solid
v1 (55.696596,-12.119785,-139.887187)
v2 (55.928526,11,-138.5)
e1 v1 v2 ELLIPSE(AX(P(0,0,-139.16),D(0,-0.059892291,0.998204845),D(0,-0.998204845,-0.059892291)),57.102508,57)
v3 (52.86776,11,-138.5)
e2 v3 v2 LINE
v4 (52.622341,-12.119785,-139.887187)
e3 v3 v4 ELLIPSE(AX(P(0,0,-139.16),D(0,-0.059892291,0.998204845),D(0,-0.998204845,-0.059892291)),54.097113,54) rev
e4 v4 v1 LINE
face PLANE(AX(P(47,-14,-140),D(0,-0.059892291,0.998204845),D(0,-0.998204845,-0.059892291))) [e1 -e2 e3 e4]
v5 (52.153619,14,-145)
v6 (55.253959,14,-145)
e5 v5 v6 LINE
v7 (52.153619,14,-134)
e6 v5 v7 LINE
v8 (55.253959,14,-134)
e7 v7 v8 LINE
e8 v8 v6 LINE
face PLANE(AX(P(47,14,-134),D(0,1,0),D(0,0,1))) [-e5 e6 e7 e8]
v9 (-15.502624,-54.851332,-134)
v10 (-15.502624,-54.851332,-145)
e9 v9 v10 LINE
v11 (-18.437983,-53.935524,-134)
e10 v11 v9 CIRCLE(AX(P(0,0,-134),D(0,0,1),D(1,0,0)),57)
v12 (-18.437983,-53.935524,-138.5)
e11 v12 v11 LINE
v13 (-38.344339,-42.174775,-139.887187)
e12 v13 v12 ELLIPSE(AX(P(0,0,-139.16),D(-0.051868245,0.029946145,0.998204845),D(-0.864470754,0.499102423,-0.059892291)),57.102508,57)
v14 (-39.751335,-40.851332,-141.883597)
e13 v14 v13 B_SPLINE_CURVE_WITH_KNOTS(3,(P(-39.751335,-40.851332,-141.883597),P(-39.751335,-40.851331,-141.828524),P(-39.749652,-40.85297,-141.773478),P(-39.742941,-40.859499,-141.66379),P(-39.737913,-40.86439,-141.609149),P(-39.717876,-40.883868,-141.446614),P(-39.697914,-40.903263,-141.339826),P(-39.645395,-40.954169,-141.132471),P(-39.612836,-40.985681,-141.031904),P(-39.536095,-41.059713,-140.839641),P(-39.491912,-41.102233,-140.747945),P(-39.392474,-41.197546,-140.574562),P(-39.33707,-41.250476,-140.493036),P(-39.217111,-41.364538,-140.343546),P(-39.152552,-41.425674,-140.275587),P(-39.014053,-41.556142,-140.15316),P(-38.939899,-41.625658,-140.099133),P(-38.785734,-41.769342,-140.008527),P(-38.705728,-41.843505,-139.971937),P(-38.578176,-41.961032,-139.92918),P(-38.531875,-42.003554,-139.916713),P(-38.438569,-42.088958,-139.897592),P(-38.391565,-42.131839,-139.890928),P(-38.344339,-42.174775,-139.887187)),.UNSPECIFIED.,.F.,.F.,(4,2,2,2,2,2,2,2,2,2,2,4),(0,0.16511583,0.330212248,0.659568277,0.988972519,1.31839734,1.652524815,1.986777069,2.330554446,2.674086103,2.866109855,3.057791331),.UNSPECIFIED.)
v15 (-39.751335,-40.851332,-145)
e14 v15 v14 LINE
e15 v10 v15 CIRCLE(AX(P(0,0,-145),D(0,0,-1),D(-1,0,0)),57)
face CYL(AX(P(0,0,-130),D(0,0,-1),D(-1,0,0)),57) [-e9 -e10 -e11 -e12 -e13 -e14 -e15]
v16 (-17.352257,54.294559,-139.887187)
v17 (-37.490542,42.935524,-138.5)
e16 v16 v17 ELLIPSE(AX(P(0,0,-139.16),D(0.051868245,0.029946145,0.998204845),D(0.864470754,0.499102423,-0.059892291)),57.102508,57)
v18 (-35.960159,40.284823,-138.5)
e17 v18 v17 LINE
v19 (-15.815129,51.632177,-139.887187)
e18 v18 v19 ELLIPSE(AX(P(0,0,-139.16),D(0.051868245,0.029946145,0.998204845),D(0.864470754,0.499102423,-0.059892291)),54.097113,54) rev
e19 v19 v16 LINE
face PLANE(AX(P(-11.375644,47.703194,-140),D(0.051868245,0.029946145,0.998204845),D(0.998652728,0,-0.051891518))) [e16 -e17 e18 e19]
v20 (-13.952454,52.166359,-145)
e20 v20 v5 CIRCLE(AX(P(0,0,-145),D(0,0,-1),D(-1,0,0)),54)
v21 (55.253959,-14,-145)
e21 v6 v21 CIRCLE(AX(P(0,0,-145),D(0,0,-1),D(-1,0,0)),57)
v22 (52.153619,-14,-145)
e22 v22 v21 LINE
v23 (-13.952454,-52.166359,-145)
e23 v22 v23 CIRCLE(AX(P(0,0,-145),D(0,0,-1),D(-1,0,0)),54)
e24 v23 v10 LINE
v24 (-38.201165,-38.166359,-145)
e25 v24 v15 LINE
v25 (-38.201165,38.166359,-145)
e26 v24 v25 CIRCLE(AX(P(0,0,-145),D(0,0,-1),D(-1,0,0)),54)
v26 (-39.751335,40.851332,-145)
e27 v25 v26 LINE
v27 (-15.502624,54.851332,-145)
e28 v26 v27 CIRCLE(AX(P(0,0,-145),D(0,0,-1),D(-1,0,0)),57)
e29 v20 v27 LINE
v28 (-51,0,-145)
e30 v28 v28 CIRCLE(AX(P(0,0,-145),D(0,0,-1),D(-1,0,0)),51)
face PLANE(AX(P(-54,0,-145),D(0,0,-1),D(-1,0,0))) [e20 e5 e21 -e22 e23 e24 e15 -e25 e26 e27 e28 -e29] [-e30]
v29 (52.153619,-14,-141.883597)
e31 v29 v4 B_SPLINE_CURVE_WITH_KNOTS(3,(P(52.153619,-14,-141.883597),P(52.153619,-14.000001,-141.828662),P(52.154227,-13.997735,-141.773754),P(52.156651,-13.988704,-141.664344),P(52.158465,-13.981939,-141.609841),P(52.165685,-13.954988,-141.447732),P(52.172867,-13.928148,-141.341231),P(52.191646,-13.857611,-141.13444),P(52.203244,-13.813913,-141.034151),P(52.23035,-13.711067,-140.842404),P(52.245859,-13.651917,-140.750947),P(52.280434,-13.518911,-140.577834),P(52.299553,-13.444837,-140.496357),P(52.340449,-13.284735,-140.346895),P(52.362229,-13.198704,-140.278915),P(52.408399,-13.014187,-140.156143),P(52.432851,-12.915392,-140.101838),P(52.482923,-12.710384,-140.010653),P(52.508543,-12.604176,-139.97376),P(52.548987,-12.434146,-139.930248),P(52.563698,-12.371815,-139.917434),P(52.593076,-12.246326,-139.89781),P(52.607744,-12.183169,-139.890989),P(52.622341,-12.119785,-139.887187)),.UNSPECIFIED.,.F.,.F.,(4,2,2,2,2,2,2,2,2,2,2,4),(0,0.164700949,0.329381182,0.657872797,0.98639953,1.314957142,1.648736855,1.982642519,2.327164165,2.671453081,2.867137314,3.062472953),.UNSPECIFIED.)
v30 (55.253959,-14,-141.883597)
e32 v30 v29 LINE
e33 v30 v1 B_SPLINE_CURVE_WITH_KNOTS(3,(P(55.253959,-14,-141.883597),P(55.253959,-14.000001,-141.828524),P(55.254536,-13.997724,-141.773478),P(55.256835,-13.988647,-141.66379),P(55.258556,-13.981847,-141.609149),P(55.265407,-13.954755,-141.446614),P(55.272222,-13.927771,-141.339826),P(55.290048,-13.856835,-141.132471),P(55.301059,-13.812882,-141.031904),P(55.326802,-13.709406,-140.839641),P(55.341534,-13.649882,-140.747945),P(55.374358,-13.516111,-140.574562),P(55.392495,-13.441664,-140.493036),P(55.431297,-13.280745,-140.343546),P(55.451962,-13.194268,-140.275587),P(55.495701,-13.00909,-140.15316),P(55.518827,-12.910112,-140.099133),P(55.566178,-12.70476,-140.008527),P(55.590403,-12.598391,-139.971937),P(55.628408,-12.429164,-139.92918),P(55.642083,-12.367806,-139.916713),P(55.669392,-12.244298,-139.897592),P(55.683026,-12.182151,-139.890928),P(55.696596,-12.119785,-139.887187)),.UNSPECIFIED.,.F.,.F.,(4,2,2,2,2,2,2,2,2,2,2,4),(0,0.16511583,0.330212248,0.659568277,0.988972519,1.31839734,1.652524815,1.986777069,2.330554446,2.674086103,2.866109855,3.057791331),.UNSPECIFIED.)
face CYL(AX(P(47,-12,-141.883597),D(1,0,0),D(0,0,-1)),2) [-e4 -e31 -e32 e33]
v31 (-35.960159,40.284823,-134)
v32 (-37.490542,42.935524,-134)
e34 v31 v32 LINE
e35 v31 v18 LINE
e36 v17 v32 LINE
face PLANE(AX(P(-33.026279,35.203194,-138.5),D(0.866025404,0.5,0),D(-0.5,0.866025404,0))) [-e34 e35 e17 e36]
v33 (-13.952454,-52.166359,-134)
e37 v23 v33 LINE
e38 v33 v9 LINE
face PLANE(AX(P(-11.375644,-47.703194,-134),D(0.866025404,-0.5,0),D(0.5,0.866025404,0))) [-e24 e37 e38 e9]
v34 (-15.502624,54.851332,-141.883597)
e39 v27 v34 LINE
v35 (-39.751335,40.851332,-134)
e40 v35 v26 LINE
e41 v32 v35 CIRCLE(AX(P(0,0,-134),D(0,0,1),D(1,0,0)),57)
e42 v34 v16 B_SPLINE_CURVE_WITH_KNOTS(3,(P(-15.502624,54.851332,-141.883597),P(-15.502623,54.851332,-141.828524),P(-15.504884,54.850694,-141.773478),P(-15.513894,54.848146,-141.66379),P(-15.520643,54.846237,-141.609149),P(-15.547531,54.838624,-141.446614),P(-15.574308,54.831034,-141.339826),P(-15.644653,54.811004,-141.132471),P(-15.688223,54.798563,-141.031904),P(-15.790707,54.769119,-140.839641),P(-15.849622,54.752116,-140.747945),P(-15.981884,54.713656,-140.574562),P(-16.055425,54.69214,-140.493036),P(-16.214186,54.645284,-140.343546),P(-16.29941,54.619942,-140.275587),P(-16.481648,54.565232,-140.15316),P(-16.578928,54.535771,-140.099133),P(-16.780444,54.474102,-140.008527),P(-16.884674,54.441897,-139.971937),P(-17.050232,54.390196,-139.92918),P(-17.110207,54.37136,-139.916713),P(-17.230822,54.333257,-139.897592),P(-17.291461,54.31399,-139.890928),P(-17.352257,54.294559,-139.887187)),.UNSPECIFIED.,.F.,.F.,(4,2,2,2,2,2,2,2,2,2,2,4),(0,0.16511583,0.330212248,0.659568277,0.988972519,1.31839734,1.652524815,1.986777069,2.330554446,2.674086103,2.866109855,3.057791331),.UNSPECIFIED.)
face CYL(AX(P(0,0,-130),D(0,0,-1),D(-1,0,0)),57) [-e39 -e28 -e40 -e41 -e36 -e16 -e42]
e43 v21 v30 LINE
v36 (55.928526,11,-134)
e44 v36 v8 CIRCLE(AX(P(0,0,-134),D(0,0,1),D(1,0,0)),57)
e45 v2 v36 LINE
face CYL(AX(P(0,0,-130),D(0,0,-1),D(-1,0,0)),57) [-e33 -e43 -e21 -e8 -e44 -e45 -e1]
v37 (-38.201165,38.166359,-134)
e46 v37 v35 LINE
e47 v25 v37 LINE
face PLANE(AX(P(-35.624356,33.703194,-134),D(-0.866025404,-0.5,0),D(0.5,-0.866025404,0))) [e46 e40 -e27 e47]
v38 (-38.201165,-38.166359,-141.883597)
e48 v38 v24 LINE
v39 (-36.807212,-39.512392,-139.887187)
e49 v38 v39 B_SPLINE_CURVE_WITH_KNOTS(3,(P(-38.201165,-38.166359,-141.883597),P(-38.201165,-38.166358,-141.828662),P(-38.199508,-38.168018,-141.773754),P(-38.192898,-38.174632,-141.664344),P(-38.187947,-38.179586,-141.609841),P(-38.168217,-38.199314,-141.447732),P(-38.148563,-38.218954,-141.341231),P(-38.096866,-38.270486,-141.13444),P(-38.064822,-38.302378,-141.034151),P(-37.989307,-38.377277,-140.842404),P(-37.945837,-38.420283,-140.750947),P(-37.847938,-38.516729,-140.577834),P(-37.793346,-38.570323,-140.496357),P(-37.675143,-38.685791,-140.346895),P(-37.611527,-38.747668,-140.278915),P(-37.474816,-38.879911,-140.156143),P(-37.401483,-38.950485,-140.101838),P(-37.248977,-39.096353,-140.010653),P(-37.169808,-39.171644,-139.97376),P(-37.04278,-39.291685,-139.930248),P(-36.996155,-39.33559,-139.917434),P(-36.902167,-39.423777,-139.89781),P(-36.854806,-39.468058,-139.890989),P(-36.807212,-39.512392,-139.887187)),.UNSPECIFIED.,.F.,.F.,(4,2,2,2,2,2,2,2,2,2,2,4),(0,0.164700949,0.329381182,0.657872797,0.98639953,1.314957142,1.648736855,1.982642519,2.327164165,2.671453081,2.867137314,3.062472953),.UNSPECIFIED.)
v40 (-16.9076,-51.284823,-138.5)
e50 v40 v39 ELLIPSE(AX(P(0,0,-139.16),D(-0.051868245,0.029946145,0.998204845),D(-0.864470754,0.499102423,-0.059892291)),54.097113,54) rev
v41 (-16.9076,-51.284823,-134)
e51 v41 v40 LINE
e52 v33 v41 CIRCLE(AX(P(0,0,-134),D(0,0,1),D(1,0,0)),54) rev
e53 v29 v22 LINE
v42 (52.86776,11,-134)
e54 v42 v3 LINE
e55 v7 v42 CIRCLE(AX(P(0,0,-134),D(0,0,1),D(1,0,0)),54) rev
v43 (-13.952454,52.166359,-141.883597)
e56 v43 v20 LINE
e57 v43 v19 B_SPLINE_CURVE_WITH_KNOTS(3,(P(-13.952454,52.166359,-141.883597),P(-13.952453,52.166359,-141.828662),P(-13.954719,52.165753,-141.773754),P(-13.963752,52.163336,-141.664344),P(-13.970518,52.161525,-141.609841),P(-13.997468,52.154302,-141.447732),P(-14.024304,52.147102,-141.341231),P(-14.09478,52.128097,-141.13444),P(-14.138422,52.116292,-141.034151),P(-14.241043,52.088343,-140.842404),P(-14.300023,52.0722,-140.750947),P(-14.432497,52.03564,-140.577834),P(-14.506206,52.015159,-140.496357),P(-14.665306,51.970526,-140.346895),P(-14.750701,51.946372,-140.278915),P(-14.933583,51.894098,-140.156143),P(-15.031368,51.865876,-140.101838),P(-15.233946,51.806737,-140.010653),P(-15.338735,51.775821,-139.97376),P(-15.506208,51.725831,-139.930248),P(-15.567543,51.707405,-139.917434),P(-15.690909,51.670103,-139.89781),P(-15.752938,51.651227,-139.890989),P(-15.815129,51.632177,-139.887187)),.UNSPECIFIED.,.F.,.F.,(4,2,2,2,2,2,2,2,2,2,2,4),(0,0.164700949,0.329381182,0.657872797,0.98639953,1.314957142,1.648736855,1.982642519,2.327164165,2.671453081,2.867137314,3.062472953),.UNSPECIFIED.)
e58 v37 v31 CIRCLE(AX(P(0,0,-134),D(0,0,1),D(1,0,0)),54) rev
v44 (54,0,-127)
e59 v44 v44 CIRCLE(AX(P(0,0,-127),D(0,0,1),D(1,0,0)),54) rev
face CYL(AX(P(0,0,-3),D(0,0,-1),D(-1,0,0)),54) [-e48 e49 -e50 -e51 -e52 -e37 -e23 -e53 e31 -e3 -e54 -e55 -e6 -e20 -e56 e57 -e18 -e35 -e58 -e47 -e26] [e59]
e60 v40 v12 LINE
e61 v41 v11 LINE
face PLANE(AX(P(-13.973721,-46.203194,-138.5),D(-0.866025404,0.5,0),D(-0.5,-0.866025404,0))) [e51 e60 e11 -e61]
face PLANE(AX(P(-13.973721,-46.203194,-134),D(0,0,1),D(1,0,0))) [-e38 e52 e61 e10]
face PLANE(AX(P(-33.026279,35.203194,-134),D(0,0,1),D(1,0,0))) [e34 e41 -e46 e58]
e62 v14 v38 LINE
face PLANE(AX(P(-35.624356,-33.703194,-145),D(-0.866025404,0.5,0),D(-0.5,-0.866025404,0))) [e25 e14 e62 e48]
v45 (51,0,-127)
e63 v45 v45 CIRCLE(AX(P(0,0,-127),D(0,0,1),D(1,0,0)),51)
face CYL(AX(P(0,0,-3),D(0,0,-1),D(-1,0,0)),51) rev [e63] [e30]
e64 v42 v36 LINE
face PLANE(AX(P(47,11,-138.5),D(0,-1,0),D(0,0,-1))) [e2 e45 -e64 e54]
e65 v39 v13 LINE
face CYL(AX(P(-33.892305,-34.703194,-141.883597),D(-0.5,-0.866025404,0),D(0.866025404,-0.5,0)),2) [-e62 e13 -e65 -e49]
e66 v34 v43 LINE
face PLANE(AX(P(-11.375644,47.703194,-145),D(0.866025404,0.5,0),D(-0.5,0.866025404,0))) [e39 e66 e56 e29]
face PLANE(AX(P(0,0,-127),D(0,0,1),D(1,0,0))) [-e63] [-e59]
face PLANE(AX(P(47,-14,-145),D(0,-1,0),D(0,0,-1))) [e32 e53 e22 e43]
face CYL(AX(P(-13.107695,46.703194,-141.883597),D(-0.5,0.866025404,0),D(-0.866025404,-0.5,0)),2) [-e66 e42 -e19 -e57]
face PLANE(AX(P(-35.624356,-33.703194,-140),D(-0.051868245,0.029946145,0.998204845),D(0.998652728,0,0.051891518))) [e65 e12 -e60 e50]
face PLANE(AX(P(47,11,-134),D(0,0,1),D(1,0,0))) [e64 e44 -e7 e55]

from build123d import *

# Parameters (mm, degrees)
EXTRUDE_1_DEPTH                  = 10
FILLET_1_R                       = 2
PATTERN_CIRCULAR_2_COUNT         = 3
FILLET_1_OF_PATTERN_CIRCULAR_2_R = 2
CUT_EXTRUDE_START                = -15
SKETCH_3_R                       = 51
CUT_EXTRUDE_1_DEPTH              = 15
SKETCH_4_R                       = 62.618720145
SKETCH_4_R_2                     = 57
CUT_EXTRUDE_2_DEPTH              = 15
CHAMFER_1_SIZE                   = 2
FILLET_2_R                       = 5
SKETCH_5_R                       = 42.5
EXTRUDE_2_DEPTH                  = 3
SKETCH_7_R                       = 39.5
CUT_EXTRUDE_3_DEPTH              = 3
EXTRUDE_START                    = 3
SKETCH_8_W                       = 3
SKETCH_8_H                       = 3
EXTRUDE_4_DEPTH                  = 3
SKETCH_11_R                      = 73.482680971
CUT_EXTRUDE_4_DEPTH              = 130


with BuildPart() as part:
    # Эскиз1 → Повернуть1 (revolve)
    with BuildSketch(Plane(origin=(0, 0, 0), x_dir=(1, 0, 0), z_dir=(0, 1, 0))):
        Polygon((0, 0), (-54, 0), (-54, 145), (-51, 145), (-51, 3), (0, 3), align=None)
    revolve(axis=Axis((0, 0, -3), (0, 0, 1)))

    # Эскиз2 → Бобышка-Вытянуть1 (add)
    with BuildSketch(Plane(origin=(57, 0, 0), x_dir=(0, 0, -1), z_dir=(1, 0, 0))):
        Polygon((145, 14), (145, -14), (140, -14), (138.5, 11), (134, 11), (134, 14), align=None)
    extrude_1 = extrude(amount=-EXTRUDE_1_DEPTH)

    # Скругление1
    fillet_1_edges = [part.edges().sort_by_distance(p)[0] for p in [
        (54.576809621, -14, -140),
    ]]
    fillet(fillet_1_edges, radius=FILLET_1_R)

    # Круговой массив2: Бобышка-Вытянуть1 ×3 about axis
    pattern_circular_2_axis = Axis((0, 0, 0), (0, 0, 1))
    for i in range(1, PATTERN_CIRCULAR_2_COUNT):
        add(extrude_1.rotate(pattern_circular_2_axis, i * 360 / PATTERN_CIRCULAR_2_COUNT))

    # Скругление1 of Круговой массив2
    fillet_1_of_pattern_circular_2_edges = [part.edges().sort_by_distance(p)[0] for p in [
        (-15.164049157, 54.264903589, -140),
        (-39.412760463, -40.264903589, -140),
    ]]
    fillet(fillet_1_of_pattern_circular_2_edges, radius=FILLET_1_OF_PATTERN_CIRCULAR_2_R)

    # Эскиз3 → Вырез-Вытянуть1 (cut)
    with BuildSketch(Plane(origin=(0, 0, -145), x_dir=(-1, 0, 0), z_dir=(0, 0, -1)).offset(CUT_EXTRUDE_START)):
        Circle(SKETCH_3_R)
    extrude(amount=CUT_EXTRUDE_1_DEPTH, mode=Mode.SUBTRACT)

    # Эскиз4 → Вырез-Вытянуть2 (cut)
    with BuildSketch(Plane(origin=(0, 0, -145), x_dir=(-1, 0, 0), z_dir=(0, 0, -1))):
        Circle(SKETCH_4_R)
        Circle(SKETCH_4_R_2, mode=Mode.SUBTRACT)
    extrude(amount=-CUT_EXTRUDE_2_DEPTH, mode=Mode.SUBTRACT)

    # Фаска1
    chamfer_1_edges = [part.edges().sort_by_distance(p)[0] for p in [
        (54, 0, 0),
    ]]
    chamfer(chamfer_1_edges, length=CHAMFER_1_SIZE)

    # Скругление2
    fillet_2_edges = [part.edges().sort_by_distance(p)[0] for p in [
        (51, 0, -3),
    ]]
    fillet(fillet_2_edges, radius=FILLET_2_R)

    # Эскиз5 → Бобышка-Вытянуть2 (add)
    with BuildSketch(Plane.XY):
        Circle(SKETCH_5_R)
    extrude(amount=EXTRUDE_2_DEPTH)

    # Эскиз7 → Вырез-Вытянуть3 (cut)
    with BuildSketch(Plane.XY.offset(3)):
        Circle(SKETCH_7_R)
    extrude(amount=-CUT_EXTRUDE_3_DEPTH, mode=Mode.SUBTRACT)

    # Эскиз8 → Бобышка-Вытянуть4 (add)
    with BuildSketch(Plane.XY.offset(EXTRUDE_START)):
        with BuildLine():
            Line((-1.5, -7.858116823), (-1.5, -39.471508712))
            ThreePointArc((-1.5, -39.471508712), (0, -39.5), (1.5, -39.471508712))
            Line((1.5, -39.471508712), (1.5, -7.858116823))
            ThreePointArc((1.5, -7.858116823), (0, -8), (-1.5, -7.858116823))
        make_face()
        with BuildLine():
            ThreePointArc((1.5, 39.471508712), (0, 39.5), (-1.5, 39.471508712))
            Line((-1.5, 39.471508712), (-1.5, 7.858116823))
            ThreePointArc((-1.5, 7.858116823), (0, 8), (1.5, 7.858116823))
            Line((1.5, 7.858116823), (1.5, 39.471508712))
        make_face()
        with BuildLine():
            Line((-1.5, 7.858116823), (-1.5, 1.5))
            Line((-1.5, 1.5), (1.5, 1.5))
            Line((1.5, 1.5), (1.5, 7.858116823))
            ThreePointArc((1.5, 7.858116823), (0, 8), (-1.5, 7.858116823))
        make_face()
        with BuildLine():
            Line((1.5, 7.858116823), (1.5, 1.5))
            Line((1.5, 1.5), (7.858116823, 1.5))
            ThreePointArc((7.858116823, 1.5), (5.656854249, 5.656854249), (1.5, 7.858116823))
        make_face()
        with BuildLine():
            Line((1.5, 1.5), (1.5, -1.5))
            Line((1.5, -1.5), (7.858116823, -1.5))
            ThreePointArc((7.858116823, -1.5), (7.964450219, -0.753347668), (8, 0))
            ThreePointArc((8, 0), (7.964450219, 0.753347668), (7.858116823, 1.5))
            Line((7.858116823, 1.5), (1.5, 1.5))
        make_face()
        with BuildLine():
            ThreePointArc((-39.471508712, 1.5), (-39.5, 0), (-39.471508712, -1.5))
            Line((-39.471508712, -1.5), (-7.858116823, -1.5))
            ThreePointArc((-7.858116823, -1.5), (-8, 0), (-7.858116823, 1.5))
            Line((-7.858116823, 1.5), (-39.471508712, 1.5))
        make_face()
        with BuildLine():
            Line((7.858116823, -1.5), (39.471508712, -1.5))
            ThreePointArc((39.471508712, -1.5), (39.492876536, -0.75013528), (39.5, 0))
            ThreePointArc((39.5, 0), (39.492876536, 0.75013528), (39.471508712, 1.5))
            Line((39.471508712, 1.5), (7.858116823, 1.5))
            ThreePointArc((7.858116823, 1.5), (7.964450219, 0.753347668), (8, 0))
            ThreePointArc((8, 0), (7.964450219, -0.753347668), (7.858116823, -1.5))
        make_face()
        with BuildLine():
            Line((1.5, -1.5), (1.5, -7.858116823))
            ThreePointArc((1.5, -7.858116823), (5.656854249, -5.656854249), (7.858116823, -1.5))
            Line((7.858116823, -1.5), (1.5, -1.5))
        make_face()
        with BuildLine():
            Line((-1.5, -1.5), (-1.5, -7.858116823))
            ThreePointArc((-1.5, -7.858116823), (0, -8), (1.5, -7.858116823))
            Line((1.5, -7.858116823), (1.5, -1.5))
            Line((1.5, -1.5), (-1.5, -1.5))
        make_face()
        Rectangle(SKETCH_8_W, SKETCH_8_H)
        with BuildLine():
            Line((-7.858116823, 1.5), (-1.5, 1.5))
            Line((-1.5, 1.5), (-1.5, 7.858116823))
            ThreePointArc((-1.5, 7.858116823), (-5.656854249, 5.656854249), (-7.858116823, 1.5))
        make_face()
        with BuildLine():
            Line((-7.858116823, -1.5), (-1.5, -1.5))
            Line((-1.5, -1.5), (-1.5, 1.5))
            Line((-1.5, 1.5), (-7.858116823, 1.5))
            ThreePointArc((-7.858116823, 1.5), (-8, 0), (-7.858116823, -1.5))
        make_face()
        with BuildLine():
            ThreePointArc((-7.858116823, -1.5), (-5.656854249, -5.656854249), (-1.5, -7.858116823))
            Line((-1.5, -7.858116823), (-1.5, -1.5))
            Line((-1.5, -1.5), (-7.858116823, -1.5))
        make_face()
    extrude(amount=-EXTRUDE_4_DEPTH)

    # Эскиз11 → Вырез-Вытянуть4 (cut)
    with BuildSketch(Plane.XY.offset(3)):
        Circle(SKETCH_11_R)
    extrude(amount=-CUT_EXTRUDE_4_DEPTH, mode=Mode.SUBTRACT)


solid = part.part
